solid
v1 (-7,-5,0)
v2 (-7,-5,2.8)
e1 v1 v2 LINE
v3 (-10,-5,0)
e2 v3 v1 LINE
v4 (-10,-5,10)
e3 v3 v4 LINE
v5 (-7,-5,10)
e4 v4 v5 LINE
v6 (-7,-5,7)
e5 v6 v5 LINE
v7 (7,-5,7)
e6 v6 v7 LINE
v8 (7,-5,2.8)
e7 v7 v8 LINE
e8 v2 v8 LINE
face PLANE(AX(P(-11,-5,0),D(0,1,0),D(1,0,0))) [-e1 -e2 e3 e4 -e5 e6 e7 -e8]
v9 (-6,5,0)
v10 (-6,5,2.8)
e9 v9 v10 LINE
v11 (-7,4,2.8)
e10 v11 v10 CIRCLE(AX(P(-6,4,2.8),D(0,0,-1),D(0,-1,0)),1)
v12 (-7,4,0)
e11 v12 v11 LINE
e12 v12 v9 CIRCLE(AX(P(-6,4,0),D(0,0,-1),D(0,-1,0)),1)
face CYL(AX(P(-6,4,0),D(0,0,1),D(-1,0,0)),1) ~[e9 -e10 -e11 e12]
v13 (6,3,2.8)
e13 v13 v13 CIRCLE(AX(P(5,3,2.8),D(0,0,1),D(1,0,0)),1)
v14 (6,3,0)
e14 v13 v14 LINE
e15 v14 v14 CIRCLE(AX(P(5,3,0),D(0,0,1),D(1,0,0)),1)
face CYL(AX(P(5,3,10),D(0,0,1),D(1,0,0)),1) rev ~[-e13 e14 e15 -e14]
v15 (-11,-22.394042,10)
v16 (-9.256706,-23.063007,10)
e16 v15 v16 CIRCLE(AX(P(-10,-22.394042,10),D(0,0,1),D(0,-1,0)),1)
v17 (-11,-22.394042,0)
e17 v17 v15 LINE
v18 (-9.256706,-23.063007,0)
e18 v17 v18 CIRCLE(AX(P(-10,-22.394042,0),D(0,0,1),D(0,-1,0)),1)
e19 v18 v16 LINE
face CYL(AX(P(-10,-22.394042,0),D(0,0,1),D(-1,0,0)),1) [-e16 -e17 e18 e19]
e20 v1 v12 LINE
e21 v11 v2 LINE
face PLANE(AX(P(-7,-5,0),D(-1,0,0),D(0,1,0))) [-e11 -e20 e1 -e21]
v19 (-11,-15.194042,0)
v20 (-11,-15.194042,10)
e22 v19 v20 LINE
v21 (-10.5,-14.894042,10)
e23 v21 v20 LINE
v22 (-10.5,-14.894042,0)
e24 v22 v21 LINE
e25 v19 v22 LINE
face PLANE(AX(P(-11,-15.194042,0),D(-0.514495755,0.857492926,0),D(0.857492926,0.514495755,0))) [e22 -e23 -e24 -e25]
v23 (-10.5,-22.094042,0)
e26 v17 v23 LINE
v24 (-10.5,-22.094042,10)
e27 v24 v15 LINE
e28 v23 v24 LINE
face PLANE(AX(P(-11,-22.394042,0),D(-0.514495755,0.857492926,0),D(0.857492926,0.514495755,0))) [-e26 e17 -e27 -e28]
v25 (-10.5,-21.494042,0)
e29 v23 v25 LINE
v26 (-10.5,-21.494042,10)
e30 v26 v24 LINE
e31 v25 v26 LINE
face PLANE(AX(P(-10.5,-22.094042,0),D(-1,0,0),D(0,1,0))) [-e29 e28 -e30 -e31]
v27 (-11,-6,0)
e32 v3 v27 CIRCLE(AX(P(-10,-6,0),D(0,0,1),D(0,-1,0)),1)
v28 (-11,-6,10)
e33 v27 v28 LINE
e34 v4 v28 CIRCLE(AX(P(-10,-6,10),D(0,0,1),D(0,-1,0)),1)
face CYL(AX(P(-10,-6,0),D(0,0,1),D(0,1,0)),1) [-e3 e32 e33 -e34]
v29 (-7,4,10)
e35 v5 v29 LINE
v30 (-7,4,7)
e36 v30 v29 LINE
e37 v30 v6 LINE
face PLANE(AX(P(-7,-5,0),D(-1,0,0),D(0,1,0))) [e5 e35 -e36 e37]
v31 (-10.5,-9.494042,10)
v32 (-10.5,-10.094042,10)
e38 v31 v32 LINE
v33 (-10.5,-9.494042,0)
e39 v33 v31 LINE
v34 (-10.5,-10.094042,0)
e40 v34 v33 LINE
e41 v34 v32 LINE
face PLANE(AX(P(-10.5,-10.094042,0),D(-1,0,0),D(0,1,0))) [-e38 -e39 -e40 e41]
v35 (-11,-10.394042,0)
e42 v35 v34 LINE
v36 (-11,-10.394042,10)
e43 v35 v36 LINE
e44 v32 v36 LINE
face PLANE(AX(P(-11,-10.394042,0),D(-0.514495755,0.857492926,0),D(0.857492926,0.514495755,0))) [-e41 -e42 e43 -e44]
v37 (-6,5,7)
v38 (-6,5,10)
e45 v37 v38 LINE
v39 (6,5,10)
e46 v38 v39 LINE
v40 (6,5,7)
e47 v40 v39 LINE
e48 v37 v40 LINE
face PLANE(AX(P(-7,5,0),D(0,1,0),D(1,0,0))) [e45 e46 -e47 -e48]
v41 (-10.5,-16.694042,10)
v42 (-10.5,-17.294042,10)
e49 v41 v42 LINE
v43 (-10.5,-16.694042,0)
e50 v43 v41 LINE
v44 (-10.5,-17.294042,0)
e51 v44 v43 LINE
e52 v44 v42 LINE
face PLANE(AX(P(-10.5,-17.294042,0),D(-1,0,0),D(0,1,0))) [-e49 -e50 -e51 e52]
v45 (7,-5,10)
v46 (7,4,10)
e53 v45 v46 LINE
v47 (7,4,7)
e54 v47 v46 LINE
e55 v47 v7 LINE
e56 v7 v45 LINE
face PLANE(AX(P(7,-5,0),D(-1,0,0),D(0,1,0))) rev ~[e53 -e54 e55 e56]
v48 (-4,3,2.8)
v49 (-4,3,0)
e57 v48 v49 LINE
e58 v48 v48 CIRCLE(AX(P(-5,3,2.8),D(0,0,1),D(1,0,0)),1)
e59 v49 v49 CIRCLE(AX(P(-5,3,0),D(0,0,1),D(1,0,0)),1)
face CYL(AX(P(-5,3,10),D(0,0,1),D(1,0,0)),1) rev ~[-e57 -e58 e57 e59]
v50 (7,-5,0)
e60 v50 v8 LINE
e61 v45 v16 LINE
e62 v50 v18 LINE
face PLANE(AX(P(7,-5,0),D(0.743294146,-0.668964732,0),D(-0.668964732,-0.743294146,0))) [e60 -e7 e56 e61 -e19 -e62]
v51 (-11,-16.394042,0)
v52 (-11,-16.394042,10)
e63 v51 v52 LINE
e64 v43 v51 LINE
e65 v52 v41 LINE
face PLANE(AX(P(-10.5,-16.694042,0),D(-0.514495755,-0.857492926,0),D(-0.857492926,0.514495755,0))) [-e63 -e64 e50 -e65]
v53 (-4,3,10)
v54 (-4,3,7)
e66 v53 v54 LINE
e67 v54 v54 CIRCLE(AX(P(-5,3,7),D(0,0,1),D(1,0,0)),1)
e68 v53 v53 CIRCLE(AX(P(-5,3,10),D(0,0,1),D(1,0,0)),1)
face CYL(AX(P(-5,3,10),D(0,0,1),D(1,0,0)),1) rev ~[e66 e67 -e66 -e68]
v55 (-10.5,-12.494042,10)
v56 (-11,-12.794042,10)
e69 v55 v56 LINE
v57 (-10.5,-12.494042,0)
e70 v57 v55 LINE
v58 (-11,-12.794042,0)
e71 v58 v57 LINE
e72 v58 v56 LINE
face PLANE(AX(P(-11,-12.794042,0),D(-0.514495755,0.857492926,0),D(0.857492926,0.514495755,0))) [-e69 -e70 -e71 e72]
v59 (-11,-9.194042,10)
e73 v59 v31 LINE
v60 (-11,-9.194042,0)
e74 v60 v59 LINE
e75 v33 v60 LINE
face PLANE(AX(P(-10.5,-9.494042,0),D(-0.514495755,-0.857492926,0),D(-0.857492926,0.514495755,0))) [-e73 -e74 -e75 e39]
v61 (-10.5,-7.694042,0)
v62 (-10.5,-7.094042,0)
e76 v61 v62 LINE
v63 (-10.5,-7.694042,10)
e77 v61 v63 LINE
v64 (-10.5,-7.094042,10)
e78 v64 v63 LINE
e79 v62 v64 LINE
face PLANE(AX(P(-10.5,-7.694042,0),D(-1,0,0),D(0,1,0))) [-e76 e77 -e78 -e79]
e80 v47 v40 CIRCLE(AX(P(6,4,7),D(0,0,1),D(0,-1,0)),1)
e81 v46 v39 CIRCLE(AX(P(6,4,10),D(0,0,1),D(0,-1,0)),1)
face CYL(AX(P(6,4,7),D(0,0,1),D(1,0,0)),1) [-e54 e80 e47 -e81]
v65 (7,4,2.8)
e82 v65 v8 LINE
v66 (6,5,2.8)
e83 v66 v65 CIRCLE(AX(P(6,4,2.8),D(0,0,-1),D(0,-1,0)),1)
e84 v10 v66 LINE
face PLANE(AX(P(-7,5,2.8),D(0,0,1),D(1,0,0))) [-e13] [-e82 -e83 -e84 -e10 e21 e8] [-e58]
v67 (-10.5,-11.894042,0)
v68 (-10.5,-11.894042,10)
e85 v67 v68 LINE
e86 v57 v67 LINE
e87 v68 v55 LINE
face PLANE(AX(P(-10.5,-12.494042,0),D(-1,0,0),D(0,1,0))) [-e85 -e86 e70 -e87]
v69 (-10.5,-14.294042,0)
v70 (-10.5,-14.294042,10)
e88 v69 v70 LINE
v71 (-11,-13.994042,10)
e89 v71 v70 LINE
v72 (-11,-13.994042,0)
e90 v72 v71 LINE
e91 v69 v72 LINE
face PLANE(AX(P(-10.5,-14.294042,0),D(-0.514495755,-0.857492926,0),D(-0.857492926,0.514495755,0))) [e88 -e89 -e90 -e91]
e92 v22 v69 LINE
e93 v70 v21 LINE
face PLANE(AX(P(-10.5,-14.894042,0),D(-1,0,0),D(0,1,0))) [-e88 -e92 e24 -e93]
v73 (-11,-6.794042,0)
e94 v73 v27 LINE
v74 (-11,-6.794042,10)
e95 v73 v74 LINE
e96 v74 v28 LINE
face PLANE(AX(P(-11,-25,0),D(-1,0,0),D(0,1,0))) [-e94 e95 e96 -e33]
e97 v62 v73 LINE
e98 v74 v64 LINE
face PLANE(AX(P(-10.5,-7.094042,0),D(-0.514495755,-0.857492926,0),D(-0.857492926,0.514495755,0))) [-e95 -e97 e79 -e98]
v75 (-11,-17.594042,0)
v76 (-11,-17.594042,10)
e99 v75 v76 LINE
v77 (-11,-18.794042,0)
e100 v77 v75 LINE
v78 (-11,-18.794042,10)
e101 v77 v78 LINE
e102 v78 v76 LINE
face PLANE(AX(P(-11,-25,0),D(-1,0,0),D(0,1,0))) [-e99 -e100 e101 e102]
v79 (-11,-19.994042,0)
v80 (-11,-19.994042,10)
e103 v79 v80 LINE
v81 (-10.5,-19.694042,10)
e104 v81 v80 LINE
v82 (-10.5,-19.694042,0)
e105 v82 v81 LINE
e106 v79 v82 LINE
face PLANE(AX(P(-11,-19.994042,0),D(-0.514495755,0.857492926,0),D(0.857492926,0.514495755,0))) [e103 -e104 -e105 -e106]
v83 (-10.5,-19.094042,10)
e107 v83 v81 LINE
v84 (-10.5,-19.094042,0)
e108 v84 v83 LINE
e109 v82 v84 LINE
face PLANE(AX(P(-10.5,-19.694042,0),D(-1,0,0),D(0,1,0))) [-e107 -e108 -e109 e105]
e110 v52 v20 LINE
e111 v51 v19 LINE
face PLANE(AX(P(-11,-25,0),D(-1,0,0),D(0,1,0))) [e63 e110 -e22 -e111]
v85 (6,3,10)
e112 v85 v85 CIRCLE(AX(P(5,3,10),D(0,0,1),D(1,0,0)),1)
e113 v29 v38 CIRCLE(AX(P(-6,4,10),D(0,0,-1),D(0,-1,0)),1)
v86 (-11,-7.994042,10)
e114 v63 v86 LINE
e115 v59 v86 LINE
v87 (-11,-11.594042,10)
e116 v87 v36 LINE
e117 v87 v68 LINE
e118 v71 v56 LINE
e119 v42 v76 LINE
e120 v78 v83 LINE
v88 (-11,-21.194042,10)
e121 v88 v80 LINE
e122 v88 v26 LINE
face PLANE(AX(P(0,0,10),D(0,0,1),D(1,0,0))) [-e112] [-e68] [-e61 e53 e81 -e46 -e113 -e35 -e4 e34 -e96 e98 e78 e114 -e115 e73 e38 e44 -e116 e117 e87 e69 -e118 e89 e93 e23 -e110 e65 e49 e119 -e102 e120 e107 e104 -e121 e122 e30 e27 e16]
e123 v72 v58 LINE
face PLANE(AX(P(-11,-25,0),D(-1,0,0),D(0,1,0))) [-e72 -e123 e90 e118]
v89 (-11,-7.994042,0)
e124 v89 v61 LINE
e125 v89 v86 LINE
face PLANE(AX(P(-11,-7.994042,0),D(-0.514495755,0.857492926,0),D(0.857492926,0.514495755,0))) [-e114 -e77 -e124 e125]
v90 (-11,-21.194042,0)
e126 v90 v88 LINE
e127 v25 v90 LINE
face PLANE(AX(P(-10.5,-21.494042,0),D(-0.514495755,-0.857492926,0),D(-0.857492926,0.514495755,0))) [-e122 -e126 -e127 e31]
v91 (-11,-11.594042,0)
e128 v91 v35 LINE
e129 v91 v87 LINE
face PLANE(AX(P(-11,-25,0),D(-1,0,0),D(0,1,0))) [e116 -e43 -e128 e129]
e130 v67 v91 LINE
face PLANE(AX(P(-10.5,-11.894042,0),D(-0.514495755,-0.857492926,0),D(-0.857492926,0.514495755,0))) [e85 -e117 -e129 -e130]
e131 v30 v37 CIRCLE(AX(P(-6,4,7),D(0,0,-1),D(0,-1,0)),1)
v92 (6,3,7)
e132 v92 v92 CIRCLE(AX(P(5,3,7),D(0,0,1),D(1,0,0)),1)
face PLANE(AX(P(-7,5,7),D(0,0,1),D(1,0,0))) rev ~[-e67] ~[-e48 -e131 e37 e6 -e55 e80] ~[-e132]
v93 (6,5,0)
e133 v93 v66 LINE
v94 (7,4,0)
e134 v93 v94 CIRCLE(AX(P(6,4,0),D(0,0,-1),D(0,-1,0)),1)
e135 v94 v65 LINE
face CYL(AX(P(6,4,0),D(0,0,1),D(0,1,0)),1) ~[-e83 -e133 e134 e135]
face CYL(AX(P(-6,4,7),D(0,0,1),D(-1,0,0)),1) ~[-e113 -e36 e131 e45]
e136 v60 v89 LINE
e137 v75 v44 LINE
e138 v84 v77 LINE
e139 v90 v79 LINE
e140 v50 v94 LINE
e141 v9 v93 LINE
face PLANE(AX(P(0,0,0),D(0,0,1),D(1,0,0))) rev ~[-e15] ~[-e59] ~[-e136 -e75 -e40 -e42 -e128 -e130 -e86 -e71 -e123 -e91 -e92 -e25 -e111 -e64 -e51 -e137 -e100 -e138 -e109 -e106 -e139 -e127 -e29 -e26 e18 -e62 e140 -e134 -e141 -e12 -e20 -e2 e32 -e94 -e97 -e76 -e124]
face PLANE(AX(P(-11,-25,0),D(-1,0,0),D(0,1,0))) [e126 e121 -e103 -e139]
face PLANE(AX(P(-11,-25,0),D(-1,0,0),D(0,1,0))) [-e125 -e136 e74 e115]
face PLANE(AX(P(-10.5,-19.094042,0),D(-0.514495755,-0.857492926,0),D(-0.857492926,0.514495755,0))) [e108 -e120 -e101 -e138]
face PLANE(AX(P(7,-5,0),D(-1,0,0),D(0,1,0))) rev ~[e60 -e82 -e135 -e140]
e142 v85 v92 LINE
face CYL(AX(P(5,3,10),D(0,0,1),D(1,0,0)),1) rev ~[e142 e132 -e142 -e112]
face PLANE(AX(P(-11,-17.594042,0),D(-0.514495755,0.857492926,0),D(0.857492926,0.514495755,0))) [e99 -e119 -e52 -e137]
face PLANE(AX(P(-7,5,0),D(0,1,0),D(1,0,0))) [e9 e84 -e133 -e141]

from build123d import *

# Parameters (mm, degrees)
SKETCH_1_W             = 14
SKETCH_1_H             = 10
EXTRUDE_1_DEPTH        = 10
SKETCH_2_R             = 1
CUT_EXTRUDE_1_DEPTH    = 10
SKETCH_3_W             = 14
SKETCH_3_H             = 4.2
CUT_EXTRUDE_2_DEPTH    = 10
FILLET_1_R             = 1
CUT_EXTRUDE_START      = -10
CUT_EXTRUDE_3_DEPTH    = 38.71788575
PATTERN_LINEAR_1_COUNT = 7
PATTERN_LINEAR_1_PITCH = 2.4
FILLET_2_R             = 1


with BuildPart() as part:
    # 草图1 → 凸台-拉伸1 (new body)
    with BuildSketch(Plane.XY):
        Rectangle(SKETCH_1_W, SKETCH_1_H)
        Polygon((-11, -5), (-7, -5), (7, -5), (-11, -25), align=None)
    extrude(amount=EXTRUDE_1_DEPTH)

    # 草图2 → 切除-拉伸1 (cut)
    with BuildSketch(Plane.XY.offset(10)):
        with Locations((-5, 3)):
            Circle(SKETCH_2_R)
        with Locations((5, 3)):
            Circle(SKETCH_2_R)
    extrude(amount=-CUT_EXTRUDE_1_DEPTH, mode=Mode.SUBTRACT)

    # 草图3 → 切除-拉伸2 (cut)
    with BuildSketch(Plane(origin=(0, 5, 0), x_dir=(1, 0, 0), z_dir=(0, 1, 0))):
        with Locations((0, -4.9)):
            Rectangle(SKETCH_3_W, SKETCH_3_H)
    extrude(amount=-CUT_EXTRUDE_2_DEPTH, mode=Mode.SUBTRACT)

    # 圆角1
    fillet_1_edges = [part.edges().sort_by_distance(p)[0] for p in [
        (-11, -25, 5),
        (-11, -5, 5),
    ]]
    fillet(fillet_1_edges, radius=FILLET_1_R)

    # 草图5 → 切除-拉伸3 (cut)
    with BuildSketch(Plane.XY.offset(10).offset(CUT_EXTRUDE_START)):
        Polygon((-75.789683565, -61.267851911), (-11, -22.394041773), (-10.5, -22.094041773), (-10.5, -21.494041773), (-11, -21.194041773), (-75.789683565, 17.679768366), (-226.903894824, 17.679768366), (-226.903894824, -61.267851911), align=None)
    cut_extrude_3 = extrude(amount=CUT_EXTRUDE_3_DEPTH, mode=Mode.SUBTRACT)

    # 阵列(线性)1: 切除-拉伸3 ×7
    with Locations(*[(0, i * PATTERN_LINEAR_1_PITCH, 0) for i in range(1, PATTERN_LINEAR_1_COUNT)]):
        add(cut_extrude_3, mode=Mode.SUBTRACT)

    # 圆角2
    fillet_2_edges = [part.edges().sort_by_distance(p)[0] for p in [
        (-7, 5, 8.5),
        (7, 5, 8.5),
        (-7, 5, 1.4),
        (7, 5, 1.4),
    ]]
    fillet(fillet_2_edges, radius=FILLET_2_R)


solid = part.part
